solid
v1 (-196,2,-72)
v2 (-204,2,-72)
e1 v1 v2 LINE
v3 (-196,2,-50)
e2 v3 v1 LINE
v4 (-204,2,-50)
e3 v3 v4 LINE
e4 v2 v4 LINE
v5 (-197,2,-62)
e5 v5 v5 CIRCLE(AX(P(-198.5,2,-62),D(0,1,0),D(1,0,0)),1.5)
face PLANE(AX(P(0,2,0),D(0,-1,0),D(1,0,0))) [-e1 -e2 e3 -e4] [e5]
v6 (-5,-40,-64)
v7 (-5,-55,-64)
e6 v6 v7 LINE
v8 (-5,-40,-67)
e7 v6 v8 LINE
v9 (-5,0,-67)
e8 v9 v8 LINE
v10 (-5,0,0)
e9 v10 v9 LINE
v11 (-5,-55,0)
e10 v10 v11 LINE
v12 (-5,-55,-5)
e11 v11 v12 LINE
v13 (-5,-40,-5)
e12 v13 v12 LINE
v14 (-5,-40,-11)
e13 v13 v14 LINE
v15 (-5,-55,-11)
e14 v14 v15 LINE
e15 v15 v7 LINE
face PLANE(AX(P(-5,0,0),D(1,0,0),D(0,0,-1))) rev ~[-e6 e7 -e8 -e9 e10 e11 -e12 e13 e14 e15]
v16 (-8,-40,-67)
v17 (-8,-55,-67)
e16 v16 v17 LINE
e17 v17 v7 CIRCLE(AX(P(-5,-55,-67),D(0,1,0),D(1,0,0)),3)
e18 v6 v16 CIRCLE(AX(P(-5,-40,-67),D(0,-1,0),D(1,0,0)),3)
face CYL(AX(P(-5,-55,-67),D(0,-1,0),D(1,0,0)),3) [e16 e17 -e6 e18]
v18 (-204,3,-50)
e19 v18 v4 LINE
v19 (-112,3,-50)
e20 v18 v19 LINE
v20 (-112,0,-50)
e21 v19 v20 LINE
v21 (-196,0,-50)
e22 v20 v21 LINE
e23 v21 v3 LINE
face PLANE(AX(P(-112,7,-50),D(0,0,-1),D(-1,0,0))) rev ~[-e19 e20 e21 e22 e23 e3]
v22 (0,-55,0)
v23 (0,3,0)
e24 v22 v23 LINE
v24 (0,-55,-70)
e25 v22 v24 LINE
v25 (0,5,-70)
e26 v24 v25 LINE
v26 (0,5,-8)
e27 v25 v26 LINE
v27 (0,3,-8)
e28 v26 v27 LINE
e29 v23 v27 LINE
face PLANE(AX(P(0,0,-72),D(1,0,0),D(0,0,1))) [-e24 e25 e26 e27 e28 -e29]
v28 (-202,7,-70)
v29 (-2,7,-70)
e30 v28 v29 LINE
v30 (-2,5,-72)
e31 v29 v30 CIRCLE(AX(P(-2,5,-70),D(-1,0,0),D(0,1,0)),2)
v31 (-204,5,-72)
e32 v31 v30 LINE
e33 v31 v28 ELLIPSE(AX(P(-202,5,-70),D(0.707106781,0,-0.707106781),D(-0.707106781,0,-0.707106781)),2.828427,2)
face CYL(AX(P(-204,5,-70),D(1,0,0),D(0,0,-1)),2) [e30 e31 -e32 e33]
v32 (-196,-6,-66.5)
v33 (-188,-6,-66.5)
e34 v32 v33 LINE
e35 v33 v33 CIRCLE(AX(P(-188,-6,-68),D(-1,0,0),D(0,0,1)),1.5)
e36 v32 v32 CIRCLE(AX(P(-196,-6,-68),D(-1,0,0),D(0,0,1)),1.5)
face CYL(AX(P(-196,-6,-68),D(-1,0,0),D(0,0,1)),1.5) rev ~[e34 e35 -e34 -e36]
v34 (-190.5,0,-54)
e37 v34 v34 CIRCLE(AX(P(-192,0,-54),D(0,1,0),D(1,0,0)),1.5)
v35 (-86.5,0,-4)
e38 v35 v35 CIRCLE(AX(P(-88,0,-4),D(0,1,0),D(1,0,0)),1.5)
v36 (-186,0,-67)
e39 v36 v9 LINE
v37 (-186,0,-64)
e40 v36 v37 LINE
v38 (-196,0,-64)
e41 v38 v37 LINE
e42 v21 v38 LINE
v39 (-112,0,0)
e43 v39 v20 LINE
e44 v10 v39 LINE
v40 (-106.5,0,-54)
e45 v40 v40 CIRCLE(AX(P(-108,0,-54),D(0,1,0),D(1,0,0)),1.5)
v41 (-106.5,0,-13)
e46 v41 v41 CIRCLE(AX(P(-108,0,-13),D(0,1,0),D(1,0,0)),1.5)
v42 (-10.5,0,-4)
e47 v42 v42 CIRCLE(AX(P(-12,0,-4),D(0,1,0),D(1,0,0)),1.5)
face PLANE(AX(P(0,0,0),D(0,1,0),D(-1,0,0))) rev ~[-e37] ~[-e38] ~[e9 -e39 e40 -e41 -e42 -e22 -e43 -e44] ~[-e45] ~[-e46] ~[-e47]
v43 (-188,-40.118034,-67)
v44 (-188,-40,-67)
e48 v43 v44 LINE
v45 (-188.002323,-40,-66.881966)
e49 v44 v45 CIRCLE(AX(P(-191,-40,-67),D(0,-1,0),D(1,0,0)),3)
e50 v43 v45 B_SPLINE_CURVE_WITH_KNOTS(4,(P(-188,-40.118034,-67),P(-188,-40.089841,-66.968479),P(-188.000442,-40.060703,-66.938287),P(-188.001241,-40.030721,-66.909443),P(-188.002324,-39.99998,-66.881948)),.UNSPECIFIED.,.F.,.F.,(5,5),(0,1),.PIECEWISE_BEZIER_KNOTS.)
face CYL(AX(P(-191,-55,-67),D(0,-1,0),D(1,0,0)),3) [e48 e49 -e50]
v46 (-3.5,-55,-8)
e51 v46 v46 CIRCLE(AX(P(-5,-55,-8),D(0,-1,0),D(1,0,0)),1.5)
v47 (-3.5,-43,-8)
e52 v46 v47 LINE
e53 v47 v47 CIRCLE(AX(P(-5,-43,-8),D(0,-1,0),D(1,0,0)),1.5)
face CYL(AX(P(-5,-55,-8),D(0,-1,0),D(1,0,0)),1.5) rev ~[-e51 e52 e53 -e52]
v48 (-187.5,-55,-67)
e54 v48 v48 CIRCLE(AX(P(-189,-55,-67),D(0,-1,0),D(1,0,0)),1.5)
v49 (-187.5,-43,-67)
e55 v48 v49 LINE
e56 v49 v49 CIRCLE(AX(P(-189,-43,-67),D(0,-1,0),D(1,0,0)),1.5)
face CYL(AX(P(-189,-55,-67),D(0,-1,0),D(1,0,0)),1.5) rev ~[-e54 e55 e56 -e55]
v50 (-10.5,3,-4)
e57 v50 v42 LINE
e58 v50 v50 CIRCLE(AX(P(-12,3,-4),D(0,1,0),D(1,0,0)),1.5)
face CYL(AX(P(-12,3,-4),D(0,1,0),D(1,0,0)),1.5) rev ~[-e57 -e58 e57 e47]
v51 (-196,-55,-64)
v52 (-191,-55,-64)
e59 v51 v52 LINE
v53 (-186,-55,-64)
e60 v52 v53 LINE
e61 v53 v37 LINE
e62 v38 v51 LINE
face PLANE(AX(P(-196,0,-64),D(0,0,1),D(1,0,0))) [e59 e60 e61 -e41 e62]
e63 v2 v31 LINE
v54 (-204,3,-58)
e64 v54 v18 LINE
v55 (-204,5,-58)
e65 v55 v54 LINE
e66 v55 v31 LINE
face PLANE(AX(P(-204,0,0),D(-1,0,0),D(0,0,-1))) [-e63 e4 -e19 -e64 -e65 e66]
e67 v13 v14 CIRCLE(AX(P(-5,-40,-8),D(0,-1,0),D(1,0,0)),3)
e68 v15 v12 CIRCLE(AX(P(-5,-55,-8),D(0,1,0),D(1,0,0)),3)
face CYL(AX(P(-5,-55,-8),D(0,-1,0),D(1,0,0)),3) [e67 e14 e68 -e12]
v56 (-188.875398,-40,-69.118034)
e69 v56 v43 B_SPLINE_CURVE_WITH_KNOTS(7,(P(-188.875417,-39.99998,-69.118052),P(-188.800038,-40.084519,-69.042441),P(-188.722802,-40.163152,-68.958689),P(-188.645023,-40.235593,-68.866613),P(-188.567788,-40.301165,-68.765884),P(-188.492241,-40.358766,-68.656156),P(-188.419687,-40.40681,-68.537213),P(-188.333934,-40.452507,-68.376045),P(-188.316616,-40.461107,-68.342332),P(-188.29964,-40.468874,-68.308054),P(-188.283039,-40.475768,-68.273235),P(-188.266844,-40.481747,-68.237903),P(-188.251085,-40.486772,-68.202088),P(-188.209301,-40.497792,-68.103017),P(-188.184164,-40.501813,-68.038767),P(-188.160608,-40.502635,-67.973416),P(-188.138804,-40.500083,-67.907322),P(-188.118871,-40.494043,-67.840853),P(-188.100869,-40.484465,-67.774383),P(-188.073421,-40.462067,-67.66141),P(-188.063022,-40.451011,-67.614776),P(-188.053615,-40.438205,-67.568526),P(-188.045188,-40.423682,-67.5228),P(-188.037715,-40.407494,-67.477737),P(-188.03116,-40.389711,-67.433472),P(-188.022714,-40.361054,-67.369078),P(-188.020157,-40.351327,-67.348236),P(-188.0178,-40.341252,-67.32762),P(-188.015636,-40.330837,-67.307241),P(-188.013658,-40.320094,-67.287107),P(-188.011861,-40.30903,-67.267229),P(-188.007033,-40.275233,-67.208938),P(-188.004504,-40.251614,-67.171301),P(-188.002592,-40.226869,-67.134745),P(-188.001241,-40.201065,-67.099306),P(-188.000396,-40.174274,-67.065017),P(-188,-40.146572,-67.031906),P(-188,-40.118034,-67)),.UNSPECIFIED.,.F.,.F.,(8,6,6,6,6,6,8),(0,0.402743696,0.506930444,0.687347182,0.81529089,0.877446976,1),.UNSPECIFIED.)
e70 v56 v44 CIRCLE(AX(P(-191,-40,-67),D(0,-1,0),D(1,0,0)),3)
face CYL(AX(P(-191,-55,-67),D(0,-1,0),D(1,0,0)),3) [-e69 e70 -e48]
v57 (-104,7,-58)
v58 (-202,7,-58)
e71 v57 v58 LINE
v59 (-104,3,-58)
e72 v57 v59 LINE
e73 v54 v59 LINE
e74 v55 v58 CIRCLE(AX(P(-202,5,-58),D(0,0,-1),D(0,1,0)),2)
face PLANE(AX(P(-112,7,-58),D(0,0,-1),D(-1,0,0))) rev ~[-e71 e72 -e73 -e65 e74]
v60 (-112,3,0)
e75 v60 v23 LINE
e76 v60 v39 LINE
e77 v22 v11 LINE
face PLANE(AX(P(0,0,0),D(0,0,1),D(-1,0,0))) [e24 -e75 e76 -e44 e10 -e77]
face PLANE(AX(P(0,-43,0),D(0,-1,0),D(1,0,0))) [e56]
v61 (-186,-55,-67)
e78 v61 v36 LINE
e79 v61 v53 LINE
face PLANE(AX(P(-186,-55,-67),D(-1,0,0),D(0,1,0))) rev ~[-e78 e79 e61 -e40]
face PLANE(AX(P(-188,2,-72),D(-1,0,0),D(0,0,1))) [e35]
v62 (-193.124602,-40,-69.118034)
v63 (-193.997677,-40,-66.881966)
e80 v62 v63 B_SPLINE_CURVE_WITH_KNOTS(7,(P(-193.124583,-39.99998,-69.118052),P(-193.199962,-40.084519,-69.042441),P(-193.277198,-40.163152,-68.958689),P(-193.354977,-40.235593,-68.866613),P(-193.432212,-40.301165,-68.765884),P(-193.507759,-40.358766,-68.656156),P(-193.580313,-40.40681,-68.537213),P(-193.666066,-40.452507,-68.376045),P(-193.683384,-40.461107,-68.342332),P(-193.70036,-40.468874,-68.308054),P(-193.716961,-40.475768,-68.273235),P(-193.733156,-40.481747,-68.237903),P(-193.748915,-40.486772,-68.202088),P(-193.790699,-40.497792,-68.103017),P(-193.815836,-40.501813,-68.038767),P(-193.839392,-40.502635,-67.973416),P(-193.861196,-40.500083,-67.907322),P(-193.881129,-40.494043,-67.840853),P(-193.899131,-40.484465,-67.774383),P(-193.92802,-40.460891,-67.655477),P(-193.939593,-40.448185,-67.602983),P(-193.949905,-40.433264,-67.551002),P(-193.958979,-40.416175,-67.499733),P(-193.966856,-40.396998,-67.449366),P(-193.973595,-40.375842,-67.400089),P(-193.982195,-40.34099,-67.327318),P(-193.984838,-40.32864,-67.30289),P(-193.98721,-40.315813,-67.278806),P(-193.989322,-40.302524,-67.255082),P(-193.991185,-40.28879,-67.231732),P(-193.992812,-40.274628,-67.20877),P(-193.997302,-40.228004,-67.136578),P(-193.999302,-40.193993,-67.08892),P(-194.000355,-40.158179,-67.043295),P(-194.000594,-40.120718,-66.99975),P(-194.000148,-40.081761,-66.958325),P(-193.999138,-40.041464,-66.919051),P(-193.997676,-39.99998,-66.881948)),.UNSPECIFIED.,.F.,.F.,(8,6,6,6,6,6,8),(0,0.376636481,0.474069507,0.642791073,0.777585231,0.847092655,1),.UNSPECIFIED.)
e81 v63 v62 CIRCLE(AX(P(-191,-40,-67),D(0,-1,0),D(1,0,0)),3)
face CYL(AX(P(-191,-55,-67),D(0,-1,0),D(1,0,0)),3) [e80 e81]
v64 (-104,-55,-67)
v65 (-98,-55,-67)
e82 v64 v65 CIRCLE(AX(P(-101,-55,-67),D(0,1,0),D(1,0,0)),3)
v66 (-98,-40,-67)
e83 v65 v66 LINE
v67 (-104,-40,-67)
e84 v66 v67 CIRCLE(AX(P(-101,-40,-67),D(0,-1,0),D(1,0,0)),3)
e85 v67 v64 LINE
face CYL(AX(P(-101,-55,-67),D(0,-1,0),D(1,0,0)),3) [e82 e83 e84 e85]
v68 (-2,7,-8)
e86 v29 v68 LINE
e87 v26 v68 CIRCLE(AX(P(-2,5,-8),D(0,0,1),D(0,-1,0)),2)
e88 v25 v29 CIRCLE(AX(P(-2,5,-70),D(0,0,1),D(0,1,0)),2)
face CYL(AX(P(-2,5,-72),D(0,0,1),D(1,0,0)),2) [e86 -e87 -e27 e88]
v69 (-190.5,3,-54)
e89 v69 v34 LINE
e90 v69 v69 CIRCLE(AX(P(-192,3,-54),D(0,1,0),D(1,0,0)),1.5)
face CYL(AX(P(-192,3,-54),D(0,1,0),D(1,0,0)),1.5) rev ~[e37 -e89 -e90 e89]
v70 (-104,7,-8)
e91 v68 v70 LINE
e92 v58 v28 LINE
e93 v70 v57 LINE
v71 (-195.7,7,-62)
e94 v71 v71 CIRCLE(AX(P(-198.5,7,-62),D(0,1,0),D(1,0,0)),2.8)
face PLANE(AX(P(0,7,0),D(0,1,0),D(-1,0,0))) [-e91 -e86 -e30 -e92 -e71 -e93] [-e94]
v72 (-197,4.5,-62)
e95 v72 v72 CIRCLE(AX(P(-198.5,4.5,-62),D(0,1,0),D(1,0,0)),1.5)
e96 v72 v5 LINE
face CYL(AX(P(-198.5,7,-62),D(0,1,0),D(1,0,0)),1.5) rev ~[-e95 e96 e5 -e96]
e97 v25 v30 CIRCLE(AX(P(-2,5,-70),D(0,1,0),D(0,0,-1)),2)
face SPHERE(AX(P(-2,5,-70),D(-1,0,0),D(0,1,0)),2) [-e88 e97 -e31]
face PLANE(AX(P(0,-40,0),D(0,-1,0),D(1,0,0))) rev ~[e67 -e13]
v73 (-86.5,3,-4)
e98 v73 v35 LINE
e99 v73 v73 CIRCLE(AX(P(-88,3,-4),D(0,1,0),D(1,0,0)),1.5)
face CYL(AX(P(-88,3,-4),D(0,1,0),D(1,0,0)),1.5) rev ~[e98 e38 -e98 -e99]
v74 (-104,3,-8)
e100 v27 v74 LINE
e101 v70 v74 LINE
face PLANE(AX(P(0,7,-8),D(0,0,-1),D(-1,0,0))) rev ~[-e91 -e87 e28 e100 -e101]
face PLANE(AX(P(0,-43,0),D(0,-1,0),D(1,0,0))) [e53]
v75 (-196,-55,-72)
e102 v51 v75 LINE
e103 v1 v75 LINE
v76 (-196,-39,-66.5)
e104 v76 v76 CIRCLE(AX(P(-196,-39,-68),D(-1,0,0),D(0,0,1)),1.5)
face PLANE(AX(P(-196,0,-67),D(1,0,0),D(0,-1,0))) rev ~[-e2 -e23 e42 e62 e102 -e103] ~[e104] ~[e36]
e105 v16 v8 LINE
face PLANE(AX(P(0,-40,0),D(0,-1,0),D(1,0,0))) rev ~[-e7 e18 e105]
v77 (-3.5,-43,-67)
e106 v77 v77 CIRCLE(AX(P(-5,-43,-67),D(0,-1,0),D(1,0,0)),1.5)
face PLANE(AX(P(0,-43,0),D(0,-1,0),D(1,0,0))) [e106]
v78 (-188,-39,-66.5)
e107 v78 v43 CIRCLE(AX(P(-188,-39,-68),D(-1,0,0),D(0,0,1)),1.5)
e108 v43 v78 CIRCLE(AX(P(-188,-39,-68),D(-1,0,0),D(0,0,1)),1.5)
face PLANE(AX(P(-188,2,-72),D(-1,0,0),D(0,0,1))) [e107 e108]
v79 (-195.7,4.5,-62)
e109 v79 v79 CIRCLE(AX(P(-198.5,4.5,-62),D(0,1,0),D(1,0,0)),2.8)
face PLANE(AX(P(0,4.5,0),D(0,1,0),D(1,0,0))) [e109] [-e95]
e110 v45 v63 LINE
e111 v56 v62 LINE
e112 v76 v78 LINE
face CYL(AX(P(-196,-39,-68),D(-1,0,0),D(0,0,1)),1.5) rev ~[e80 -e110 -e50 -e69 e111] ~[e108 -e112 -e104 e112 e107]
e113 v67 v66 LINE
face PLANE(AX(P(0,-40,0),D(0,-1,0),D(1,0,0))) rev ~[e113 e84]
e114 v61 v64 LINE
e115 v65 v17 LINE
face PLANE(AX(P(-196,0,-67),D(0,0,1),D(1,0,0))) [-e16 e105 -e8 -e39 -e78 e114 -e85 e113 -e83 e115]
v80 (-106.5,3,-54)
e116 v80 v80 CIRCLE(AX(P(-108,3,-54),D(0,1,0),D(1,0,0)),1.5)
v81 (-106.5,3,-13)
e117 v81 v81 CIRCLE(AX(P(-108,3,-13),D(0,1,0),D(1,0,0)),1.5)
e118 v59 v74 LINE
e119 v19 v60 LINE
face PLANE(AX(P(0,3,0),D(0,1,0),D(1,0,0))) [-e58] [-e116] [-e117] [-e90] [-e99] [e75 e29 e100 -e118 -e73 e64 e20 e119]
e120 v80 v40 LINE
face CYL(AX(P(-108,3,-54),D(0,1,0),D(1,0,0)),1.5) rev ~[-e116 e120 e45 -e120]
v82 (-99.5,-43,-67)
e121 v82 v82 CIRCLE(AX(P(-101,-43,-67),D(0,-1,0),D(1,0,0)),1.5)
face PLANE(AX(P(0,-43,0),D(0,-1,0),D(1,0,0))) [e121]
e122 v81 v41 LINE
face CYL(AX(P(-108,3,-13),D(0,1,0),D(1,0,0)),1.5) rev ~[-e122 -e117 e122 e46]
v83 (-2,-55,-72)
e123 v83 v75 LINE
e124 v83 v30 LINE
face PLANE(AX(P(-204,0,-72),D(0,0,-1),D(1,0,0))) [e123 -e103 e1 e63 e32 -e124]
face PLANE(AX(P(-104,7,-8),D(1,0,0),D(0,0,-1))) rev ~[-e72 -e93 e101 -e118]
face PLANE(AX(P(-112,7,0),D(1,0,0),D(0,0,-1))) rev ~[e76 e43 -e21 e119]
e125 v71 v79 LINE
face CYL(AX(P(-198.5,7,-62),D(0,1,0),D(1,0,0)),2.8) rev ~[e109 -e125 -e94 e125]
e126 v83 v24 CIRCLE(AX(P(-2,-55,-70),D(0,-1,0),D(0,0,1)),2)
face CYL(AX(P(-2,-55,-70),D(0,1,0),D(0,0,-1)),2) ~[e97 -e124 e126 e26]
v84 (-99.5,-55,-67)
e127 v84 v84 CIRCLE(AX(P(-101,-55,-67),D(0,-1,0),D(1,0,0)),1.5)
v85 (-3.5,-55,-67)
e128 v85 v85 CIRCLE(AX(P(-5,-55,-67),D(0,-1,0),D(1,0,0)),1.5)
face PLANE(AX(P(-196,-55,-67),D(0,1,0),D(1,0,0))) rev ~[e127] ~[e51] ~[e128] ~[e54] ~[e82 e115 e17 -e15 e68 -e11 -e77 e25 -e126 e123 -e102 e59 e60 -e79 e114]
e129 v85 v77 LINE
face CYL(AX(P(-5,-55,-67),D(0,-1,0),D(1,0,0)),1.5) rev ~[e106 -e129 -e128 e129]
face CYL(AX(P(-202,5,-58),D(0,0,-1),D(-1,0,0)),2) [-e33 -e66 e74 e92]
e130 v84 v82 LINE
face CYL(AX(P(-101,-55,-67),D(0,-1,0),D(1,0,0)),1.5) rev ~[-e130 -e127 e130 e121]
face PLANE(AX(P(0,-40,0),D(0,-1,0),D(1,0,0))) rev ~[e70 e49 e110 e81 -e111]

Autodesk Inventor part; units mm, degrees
ref_plane "YZ Plane" through (0, 0, 0) normal (1, 0, 0) x (0, 1, 0)
ref_plane "XZ Plane" through (0, 0, 0) normal (0, 1, 0) x (-1, 0, 0)
ref_plane "XY Plane" through (0, 0, 0) normal (0, 0, 1) x (1, 0, 0)
sketch "スケッチ1" plane through (0, 0, 0) normal (0, 1, 0) x (-1, 0, 0)
  line L0 (0, 0) -> (204, 0)
  line L1 (204, 0) -> (204, -72)
  line L2 (204, -72) -> (0, -72)
  line L3 (0, -72) -> (0, 0)
  dimension "d0" = 204
  dimension "d1" = 72
extrude "押し出し1" add sketch "スケッチ1" along normal blind 7
sketch "スケッチ2" plane through (0, 7, 0) normal (0, 1, 0) x (1, 0, 0)
  line L0 (-204, 72) -> (-204, 0) projected
  line L1 (-204, 0) -> (-112, 0)
  line L2 (-112, 0) -> (-112, 50)
  line L3 (-112, 50) -> (-204, 50)
  line L4 (-204, 50) -> (-204, 0)
  point P0 (0, 0)
  dimension "d4" = 92
  dimension "d5" = 50
extrude "押し出し2" cut sketch "スケッチ2" against normal through all
sketch "スケッチ3" plane through (0, 7, 0) normal (0, 1, 0) x (1, 0, 0)
  line L0 (-112, 0) -> (0, 0) projected
  line L1 (0, 0) -> (0, 72) projected
  line L2 (-112, 0) -> (0, 0)
  line L3 (0, 0) -> (0, 8)
  line L4 (0, 8) -> (-112, 8)
  line L5 (-112, 8) -> (-112, 0)
  line L6 (-112, 0) -> (-104, 0)
  line L7 (-104, 0) -> (-104, 58)
  line L8 (-104, 58) -> (-112, 58)
  line L9 (-112, 58) -> (-112, 0)
  line L10 (-204, 72) -> (-204, 50) projected
  line L11 (-204, 50) -> (-104, 50)
  line L12 (-104, 50) -> (-104, 58)
  line L13 (-104, 58) -> (-204, 58)
  line L14 (-204, 58) -> (-204, 50)
  point P0 (-112, 50)
  point P1 (-112, 8)
  point P2 (-104, 8)
  dimension "d8" = 8
  dimension "d11" = 8
  dimension "d12" = 8
extrude "押し出し3" cut sketch "スケッチ3" against normal blind 4
sketch "スケッチ4" plane through (0, 3, 0) normal (0, 1, 0) x (1, 0, 0)
  circle A0 centre (-192, 54) radius 1.5
  circle A1 centre (-108, 54) radius 1.5
  circle A2 centre (-108, 13) radius 1.5
  circle A3 centre (-12, 4) radius 1.5
  circle A4 centre (-88, 4) radius 1.5
  line L0 (-204, 50) -> (-204, 58) projected
  line L1 (0, 8) -> (0, 0) projected
  line L2 (-112, 0) -> (-112, 50) projected
  point P0 (-204, 54)
  point P1 (-204, 54)
  point P2 (0, 4)
  point P3 (0, 4)
  dimension "d13" = 3
  dimension "d14" = 3
  dimension "d15" = 3
  dimension "d16" = 3
  dimension "d17" = 3
  dimension "d18" = 12
  dimension "d19" = 12
  dimension "d20" = 24
  dimension "d21" = 4
  dimension "d22" = 41
extrude "押し出し4" cut sketch "スケッチ4" against normal through all
sketch "スケッチ5" plane through (0, 0, 0) normal (0, -1, 0) x (1, 0, 0)
  line L0 (-112, -50) -> (-204, -50) projected
  line L1 (0, -72) -> (-204, -72) projected
  line L2 (-204, -50) -> (-196, -50)
  line L3 (-196, -50) -> (-196, -72)
  line L4 (-196, -72) -> (-204, -72)
  line L5 (-204, -72) -> (-204, -50)
  point P0 (0, 0)
  point P1 (-204, -72)
  dimension "d25" = 8
extrude "押し出し5" cut sketch "スケッチ5" against normal blind 2
sketch "スケッチ6" plane through (0, 0, 0) normal (0, -1, 0) x (1, 0, 0)
  line L0 (0, -72) -> (-204, -72) projected
  line L1 (-196, -50) -> (-196, -72) projected
  line L2 (0, -72) -> (-196, -72)
  line L3 (-196, -72) -> (-196, -67)
  line L4 (-196, -67) -> (0, -67)
  line L5 (0, -67) -> (0, -72)
  line L6 (0, 0) -> (-5, 0)
  line L7 (-5, 0) -> (-5, -72)
  line L8 (-5, -72) -> (0, -72)
  line L9 (0, -72) -> (0, 0)
  point P0 (-5, -67)
  dimension "d28" = 5
  dimension "d29" = 5
extrude "押し出し6" add sketch "スケッチ6" along normal blind 55
sketch "スケッチ7" plane through (-196, 0, -67) normal (0, 0, 1) x (1, 0, 0)
  line L0 (0, 2) -> (0, -55) projected
  line L1 (0, 0) -> (191, 0) projected
  line L2 (0, -55) -> (10, -55)
  line L3 (10, -55) -> (10, 0)
  line L4 (10, 0) -> (0, 0)
  line L5 (0, 0) -> (0, -55)
  point P0 (196, 0)
  dimension "d32" = 10
extrude "押し出し7" add sketch "スケッチ7" along normal blind 3
sketch "スケッチ8" plane through (-196, 2, -72) normal (-1, 0, 0) x (0, 0, 1)
  circle A0 centre (4, -41) radius 1.5
  circle A1 centre (4, -8) radius 1.5
  line L0 (0, -57) -> (8, -57) projected
  line L1 (0, 0) -> (22, 0) projected
  point P0 (72, -2)
  point P1 (4, -57)
  point P2 (4, -57)
  point P3 (4, -57)
  dimension "d35" = 3
  dimension "d36" = 3
  dimension "d37" = 16
  dimension "d38" = 8
extrude "押し出し8" cut sketch "スケッチ8" against normal blind 8
sketch "スケッチ9" plane through (0, -55, 0) normal (0, -1, 0) x (1, 0, 0)
  line L0 (-5, -67) -> (-5, 0) projected
  circle A0 centre (-5, -8) radius 3
  circle A1 centre (-5, -67) radius 3
  line L1 (-186, -67) -> (-5, -67) projected
  circle A2 centre (-101, -67) radius 3
  circle A3 centre (-191, -67) radius 3
  line L2 (0, 0) -> (-5, 0) projected
  dimension "d41" = 6
  dimension "d42" = 6
  dimension "d43" = 6
  dimension "d44" = 6
  dimension "d46" = 96
  dimension "d47" = 90
  dimension "d73" = 8
extrude "押し出し9" add sketch "スケッチ9" against normal blind 15
sketch "スケッチ10" plane through (0, -55, 0) normal (0, -1, 0) x (1, 0, 0)
  arc A0 (-5, -5) -> (-5, -11) centre (-5, -8) ccw projected
  circle A1 centre (-5, -8) radius 1.5
  arc A2 (-5, -64) -> (-8, -67) centre (-5, -67) ccw projected
  circle A3 centre (-5, -67) radius 1.5
  arc A4 (-98, -67) -> (-104, -67) centre (-101, -67) ccw projected
  circle A5 centre (-101, -67) radius 1.5
  circle A6 centre (-189, -67) radius 1.5
  line L0 (-186, -67) -> (-186, -64) projected
  line L1 (-196, -64) -> (-186, -64) projected
  dimension "d50" = 3
  dimension "d51" = 3
  dimension "d52" = 3
  dimension "d58" = 3
  dimension "d59" = 3
  dimension "d60" = 3
extrude "押し出し10" cut sketch "スケッチ10" against normal blind 12
sketch "スケッチ11" plane through (0, 7, 0) normal (0, 1, 0) x (1, 0, 0)
  circle A0 centre (-198.5, 62) radius 1.5
  line L0 (-204, 72) -> (-204, 58) projected
  line L1 (0, 72) -> (-204, 72) projected
  line L2 (-204, 58) -> (-104, 58) projected
  point P0 (0, 0)
  dimension "d61" = 3
  dimension "d63" = 5.5
  dimension "d75" = 4
extrude "押し出し11" cut sketch "スケッチ11" against normal through all
sketch "スケッチ12" plane through (0, 7, 0) normal (0, 1, 0) x (1, 0, 0)
  circle A0 centre (-198.5, 62) radius 2.8
  circle A1 centre (-198.5, 62) radius 1.5 projected
  point P0 (0, 0)
  dimension "d68" = 5.6
extrude "押し出し12" cut sketch "スケッチ12" against normal blind 2.5 contours A0 | A1
fillet "フィレット1" radius 2 4 edges at (-204, 7, -65) (-102, 7, -72) (0, 7, -40) (0, -24, -72)
properties part number "オンゲキボタン_top_right2_3D プリント"
